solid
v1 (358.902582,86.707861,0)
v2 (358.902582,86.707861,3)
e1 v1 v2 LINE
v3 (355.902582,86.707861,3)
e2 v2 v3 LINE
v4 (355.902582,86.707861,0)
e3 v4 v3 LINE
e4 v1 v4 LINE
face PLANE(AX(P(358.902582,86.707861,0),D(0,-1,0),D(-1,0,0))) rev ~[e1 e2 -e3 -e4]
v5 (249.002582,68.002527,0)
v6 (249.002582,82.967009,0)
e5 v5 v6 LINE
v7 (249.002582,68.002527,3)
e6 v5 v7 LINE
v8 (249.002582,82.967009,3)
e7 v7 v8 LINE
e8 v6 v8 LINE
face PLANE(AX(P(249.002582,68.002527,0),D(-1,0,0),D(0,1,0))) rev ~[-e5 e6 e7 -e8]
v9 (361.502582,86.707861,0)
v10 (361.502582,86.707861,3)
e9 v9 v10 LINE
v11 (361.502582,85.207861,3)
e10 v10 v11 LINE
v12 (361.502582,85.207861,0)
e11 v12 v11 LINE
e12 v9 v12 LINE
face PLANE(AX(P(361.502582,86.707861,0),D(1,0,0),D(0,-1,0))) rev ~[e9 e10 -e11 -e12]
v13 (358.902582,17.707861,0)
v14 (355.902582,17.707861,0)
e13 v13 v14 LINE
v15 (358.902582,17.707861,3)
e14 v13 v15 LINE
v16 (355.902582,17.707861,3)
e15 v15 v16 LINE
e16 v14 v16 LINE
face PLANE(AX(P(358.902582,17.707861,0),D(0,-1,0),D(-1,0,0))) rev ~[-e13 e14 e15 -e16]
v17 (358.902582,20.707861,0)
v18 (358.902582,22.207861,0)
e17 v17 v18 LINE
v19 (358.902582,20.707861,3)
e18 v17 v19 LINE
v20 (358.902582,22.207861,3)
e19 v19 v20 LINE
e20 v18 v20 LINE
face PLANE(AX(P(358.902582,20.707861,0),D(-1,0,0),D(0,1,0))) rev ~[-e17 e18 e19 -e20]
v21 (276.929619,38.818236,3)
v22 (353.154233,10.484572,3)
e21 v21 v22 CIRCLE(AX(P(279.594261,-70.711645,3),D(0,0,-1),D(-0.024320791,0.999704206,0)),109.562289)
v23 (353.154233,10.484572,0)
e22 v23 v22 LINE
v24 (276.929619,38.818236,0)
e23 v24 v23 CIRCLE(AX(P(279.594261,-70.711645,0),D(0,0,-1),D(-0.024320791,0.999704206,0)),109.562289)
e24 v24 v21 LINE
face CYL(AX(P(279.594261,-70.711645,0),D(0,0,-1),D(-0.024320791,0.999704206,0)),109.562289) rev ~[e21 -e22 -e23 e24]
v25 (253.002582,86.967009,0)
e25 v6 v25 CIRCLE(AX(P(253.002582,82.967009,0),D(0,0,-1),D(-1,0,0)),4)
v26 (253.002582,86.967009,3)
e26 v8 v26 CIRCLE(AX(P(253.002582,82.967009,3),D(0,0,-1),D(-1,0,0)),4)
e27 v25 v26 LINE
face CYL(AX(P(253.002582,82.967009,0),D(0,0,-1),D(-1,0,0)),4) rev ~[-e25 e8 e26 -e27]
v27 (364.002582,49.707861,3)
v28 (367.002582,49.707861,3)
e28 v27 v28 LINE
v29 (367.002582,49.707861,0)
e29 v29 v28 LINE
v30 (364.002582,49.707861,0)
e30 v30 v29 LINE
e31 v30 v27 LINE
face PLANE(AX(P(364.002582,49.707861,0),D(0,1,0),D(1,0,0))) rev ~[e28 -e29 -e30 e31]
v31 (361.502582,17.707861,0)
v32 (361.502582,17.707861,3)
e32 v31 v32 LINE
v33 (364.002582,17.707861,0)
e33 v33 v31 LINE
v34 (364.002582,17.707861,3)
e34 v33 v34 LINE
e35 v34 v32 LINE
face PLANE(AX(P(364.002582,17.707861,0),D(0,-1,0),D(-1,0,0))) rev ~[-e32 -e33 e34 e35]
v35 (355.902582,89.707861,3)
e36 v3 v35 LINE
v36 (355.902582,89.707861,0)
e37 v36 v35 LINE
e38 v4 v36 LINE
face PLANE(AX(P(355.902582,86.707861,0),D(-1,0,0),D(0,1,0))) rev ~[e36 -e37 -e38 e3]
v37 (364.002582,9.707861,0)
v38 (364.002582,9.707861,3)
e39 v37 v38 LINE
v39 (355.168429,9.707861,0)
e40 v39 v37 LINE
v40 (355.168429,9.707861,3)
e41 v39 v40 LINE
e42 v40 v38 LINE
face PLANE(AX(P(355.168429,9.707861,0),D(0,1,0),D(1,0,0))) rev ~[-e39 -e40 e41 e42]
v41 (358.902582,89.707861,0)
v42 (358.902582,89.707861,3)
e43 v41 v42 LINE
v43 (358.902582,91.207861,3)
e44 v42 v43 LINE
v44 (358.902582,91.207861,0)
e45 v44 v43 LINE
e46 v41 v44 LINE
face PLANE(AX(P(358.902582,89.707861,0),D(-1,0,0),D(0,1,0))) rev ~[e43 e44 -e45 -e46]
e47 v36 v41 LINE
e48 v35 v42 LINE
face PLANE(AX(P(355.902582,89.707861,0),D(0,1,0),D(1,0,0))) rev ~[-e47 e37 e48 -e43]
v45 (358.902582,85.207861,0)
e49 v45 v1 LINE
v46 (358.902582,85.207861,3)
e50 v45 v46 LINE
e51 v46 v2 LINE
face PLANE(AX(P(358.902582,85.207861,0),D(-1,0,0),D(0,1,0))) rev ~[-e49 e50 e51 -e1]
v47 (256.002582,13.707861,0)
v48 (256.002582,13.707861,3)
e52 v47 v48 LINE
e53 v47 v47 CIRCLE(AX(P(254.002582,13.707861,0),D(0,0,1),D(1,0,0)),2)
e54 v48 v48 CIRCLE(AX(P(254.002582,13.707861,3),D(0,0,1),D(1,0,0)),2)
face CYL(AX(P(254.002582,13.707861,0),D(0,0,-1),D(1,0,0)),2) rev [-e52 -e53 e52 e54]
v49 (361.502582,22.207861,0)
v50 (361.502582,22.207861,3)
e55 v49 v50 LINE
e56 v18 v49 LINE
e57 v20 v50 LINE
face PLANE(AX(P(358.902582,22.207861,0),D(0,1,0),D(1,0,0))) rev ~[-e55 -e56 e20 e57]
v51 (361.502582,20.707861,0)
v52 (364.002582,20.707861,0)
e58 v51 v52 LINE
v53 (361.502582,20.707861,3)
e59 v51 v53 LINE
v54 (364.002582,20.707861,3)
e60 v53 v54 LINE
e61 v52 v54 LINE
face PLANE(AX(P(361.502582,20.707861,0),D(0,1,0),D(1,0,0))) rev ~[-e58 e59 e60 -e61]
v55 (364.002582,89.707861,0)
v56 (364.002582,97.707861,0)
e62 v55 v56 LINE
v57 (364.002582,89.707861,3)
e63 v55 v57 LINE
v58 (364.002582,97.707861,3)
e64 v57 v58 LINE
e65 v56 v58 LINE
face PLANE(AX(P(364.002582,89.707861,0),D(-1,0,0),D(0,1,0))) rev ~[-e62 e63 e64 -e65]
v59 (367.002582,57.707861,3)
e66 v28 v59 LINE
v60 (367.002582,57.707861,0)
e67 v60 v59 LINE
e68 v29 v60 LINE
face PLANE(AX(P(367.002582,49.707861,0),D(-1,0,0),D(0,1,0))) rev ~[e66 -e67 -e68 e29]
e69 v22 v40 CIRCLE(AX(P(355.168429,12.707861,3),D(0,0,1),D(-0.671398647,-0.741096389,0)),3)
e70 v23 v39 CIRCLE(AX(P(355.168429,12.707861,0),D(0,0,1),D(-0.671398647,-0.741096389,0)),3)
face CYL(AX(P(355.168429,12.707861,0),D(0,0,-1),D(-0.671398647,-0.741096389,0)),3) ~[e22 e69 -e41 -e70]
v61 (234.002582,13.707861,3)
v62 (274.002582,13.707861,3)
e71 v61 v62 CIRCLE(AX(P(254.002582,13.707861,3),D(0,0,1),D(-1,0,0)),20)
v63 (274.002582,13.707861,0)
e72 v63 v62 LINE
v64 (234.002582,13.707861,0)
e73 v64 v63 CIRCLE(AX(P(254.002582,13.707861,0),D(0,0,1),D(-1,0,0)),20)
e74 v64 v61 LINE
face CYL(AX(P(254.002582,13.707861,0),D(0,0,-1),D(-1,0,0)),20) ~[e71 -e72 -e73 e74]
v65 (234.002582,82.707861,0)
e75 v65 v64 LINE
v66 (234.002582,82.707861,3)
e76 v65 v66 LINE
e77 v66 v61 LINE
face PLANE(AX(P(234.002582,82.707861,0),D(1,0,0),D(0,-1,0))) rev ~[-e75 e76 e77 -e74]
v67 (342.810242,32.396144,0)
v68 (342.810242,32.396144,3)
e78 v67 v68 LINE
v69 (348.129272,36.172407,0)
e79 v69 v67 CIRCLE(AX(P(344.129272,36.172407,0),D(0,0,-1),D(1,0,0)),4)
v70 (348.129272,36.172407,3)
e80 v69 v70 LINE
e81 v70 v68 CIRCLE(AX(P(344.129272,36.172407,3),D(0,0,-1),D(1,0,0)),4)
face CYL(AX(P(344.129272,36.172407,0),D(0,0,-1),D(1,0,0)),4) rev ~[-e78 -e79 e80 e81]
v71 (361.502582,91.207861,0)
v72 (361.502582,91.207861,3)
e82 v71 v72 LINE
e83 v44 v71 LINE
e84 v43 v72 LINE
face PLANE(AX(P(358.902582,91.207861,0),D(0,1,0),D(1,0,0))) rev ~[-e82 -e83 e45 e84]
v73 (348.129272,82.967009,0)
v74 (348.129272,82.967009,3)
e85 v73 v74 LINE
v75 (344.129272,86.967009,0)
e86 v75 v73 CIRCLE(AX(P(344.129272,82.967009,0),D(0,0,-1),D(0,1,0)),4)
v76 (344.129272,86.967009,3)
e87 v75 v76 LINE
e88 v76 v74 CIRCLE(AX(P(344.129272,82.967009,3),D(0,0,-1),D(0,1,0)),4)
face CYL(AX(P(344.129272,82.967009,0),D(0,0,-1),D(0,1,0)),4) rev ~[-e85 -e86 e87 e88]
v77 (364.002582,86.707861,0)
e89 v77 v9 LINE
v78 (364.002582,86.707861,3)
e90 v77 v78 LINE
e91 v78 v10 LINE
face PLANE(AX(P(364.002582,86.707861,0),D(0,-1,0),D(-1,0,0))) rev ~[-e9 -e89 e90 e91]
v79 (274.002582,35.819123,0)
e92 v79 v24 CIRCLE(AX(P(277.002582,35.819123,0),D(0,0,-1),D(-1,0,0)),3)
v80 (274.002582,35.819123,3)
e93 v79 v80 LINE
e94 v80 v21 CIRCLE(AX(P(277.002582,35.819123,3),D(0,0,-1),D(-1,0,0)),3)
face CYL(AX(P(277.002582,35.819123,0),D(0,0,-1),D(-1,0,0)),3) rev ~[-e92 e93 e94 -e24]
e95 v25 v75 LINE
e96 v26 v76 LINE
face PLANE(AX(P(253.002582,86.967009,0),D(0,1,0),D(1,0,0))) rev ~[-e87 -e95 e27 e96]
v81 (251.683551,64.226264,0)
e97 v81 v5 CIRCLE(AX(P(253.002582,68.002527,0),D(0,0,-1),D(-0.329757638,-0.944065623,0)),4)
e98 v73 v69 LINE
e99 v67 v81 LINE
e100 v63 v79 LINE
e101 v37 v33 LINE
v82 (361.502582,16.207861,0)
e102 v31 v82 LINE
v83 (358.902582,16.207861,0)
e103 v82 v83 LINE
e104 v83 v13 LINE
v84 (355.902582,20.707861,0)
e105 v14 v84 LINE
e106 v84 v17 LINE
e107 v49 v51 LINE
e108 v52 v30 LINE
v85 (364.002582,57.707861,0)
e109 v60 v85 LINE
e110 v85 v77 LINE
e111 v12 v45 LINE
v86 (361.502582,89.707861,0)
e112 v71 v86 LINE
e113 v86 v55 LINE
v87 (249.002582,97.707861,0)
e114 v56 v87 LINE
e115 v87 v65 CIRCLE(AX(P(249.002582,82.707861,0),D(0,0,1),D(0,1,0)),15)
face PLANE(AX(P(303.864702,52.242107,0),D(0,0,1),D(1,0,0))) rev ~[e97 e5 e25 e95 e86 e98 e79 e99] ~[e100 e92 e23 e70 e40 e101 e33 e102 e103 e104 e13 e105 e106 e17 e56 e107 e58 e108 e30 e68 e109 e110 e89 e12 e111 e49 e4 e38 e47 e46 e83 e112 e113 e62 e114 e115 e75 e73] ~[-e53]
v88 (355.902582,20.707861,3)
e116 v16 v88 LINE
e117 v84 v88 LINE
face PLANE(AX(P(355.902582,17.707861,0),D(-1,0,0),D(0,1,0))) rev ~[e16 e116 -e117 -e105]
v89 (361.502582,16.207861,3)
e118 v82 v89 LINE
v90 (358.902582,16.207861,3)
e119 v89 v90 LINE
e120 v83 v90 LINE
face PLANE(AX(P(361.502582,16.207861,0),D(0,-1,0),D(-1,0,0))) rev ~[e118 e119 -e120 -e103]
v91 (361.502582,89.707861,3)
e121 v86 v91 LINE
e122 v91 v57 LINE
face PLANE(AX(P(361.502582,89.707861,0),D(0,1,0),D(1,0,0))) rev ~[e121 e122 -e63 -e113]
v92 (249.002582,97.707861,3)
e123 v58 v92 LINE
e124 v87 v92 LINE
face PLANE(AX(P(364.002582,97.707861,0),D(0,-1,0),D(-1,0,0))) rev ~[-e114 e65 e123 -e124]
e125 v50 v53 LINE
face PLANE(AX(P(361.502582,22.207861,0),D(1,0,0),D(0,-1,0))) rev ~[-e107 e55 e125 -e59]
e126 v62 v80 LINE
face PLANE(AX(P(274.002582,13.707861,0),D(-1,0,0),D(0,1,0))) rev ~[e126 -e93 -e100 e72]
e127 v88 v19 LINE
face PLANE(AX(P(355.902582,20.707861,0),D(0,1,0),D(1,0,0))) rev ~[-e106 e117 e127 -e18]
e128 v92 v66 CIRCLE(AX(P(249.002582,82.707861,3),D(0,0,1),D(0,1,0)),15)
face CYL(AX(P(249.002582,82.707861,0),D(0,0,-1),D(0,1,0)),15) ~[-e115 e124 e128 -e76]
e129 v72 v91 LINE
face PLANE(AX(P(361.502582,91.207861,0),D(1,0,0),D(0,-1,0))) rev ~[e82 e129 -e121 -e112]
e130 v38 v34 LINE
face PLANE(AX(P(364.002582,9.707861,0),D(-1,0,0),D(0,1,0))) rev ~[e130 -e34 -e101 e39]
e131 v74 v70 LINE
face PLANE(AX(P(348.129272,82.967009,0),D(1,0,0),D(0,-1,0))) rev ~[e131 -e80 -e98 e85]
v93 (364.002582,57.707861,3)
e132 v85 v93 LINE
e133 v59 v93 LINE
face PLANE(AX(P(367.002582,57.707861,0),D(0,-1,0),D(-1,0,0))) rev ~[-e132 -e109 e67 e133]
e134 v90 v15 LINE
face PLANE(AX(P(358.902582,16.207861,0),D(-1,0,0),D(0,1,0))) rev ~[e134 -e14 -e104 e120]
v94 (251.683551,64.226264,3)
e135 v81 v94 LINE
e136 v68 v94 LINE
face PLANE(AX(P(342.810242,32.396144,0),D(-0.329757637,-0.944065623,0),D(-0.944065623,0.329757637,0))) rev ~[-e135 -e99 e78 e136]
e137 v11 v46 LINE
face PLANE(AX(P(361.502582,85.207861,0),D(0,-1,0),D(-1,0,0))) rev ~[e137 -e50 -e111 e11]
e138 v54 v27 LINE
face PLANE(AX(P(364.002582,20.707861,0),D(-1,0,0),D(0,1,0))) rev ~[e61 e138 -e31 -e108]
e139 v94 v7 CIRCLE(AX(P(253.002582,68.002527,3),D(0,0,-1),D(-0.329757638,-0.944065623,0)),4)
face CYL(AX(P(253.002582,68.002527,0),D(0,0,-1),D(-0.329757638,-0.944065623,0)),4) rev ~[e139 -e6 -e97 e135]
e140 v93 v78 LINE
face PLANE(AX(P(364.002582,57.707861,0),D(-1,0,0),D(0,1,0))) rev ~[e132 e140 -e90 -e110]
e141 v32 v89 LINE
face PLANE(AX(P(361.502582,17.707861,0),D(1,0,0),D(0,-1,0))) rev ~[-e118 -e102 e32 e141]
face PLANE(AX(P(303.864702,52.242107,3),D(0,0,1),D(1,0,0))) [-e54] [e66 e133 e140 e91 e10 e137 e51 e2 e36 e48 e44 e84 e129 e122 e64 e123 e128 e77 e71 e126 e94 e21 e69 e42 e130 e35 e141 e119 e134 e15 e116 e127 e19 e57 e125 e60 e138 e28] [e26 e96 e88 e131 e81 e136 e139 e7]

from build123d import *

# Parameters (mm, degrees)
SKETCH_1_R      = 2
EXTRUDE_1_DEPTH = 3


with BuildPart() as part:
    # 草图1 → 凸台-拉伸1 (new body)
    with BuildSketch(Plane.XY):
        with BuildLine():
            Line((364.002581869, 97.707860978), (354.002581869, 97.707860978))
            Line((354.002581869, 97.707860978), (249.002581869, 97.707860978))
            ThreePointArc((249.002581869, 97.707860978), (238.395980151, 93.314462696), (234.002581869, 82.707860978))
            Line((234.002581869, 82.707860978), (234.002581869, 13.707860978))
            ThreePointArc((234.002581869, 13.707860978), (254.002581869, -6.292139022), (274.002581869, 13.707860978))
            Line((274.002581869, 13.707860978), (274.002581869, 35.819123465))
            ThreePointArc((274.002581869, 35.819123465), (274.855620398, 37.914488932), (276.929619495, 38.818236083))
            ThreePointArc((276.929619495, 38.818236083), (317.768023154, 31.985283132), (353.154233351, 10.484571811))
            ThreePointArc((353.154233351, 10.484571811), (354.089046944, 9.908765811), (355.16842929, 9.707860978))
            Line((355.16842929, 9.707860978), (364.002581869, 9.707860978))
            Line((364.002581869, 9.707860978), (364.002581869, 17.707860978))
            Line((364.002581869, 17.707860978), (361.502581869, 17.707860978))
            Line((361.502581869, 17.707860978), (361.502581869, 16.207860978))
            Line((361.502581869, 16.207860978), (358.902581869, 16.207860978))
            Line((358.902581869, 16.207860978), (358.902581869, 17.707860978))
            Line((358.902581869, 17.707860978), (355.902581869, 17.707860978))
            Line((355.902581869, 17.707860978), (355.902581869, 20.707860978))
            Line((355.902581869, 20.707860978), (358.902581869, 20.707860978))
            Line((358.902581869, 20.707860978), (358.902581869, 22.207860978))
            Line((358.902581869, 22.207860978), (361.502581869, 22.207860978))
            Line((361.502581869, 22.207860978), (361.502581869, 20.707860978))
            Line((361.502581869, 20.707860978), (364.002581869, 20.707860978))
            Line((364.002581869, 20.707860978), (364.002581869, 49.707860978))
            Line((364.002581869, 49.707860978), (367.002581869, 49.707860978))
            Line((367.002581869, 49.707860978), (367.002581869, 57.707860978))
            Line((367.002581869, 57.707860978), (364.002581869, 57.707860978))
            Line((364.002581869, 57.707860978), (364.002581869, 86.707860978))
            Line((364.002581869, 86.707860978), (361.502581869, 86.707860978))
            Line((361.502581869, 86.707860978), (361.502581869, 85.207860978))
            Line((361.502581869, 85.207860978), (358.902581869, 85.207860978))
            Line((358.902581869, 85.207860978), (358.902581869, 86.707860978))
            Line((358.902581869, 86.707860978), (355.902581869, 86.707860978))
            Line((355.902581869, 86.707860978), (355.902581869, 89.707860978))
            Line((355.902581869, 89.707860978), (358.902581869, 89.707860978))
            Line((358.902581869, 89.707860978), (358.902581869, 91.207860978))
            Line((358.902581869, 91.207860978), (361.502581869, 91.207860978))
            Line((361.502581869, 91.207860978), (361.502581869, 89.707860978))
            Line((361.502581869, 89.707860978), (364.002581869, 89.707860978))
            Line((364.002581869, 89.707860978), (364.002581869, 97.707860978))
        make_face()
        with Locations((254.002581869, 13.707860978)):
            Circle(SKETCH_1_R, mode=Mode.SUBTRACT)
        with BuildLine():
            Line((253.002581869, 86.967009497), (344.129272471, 86.967009497))
            ThreePointArc((344.129272471, 86.967009497), (346.957699596, 85.795436622), (348.129272471, 82.967009497))
            Line((348.129272471, 82.967009497), (348.129272471, 36.172406577))
            ThreePointArc((348.129272471, 36.172406577), (346.444858552, 32.910802508), (342.810241921, 32.396144085))
            Line((342.810241921, 32.396144085), (251.683551319, 64.226264226))
            ThreePointArc((251.683551319, 64.226264226), (249.740977801, 65.686940637), (249.002581869, 68.002526718))
            Line((249.002581869, 68.002526718), (249.002581869, 82.967009497))
            ThreePointArc((249.002581869, 82.967009497), (250.174154745, 85.795436622), (253.002581869, 86.967009497))
        make_face(mode=Mode.SUBTRACT)
    extrude(amount=EXTRUDE_1_DEPTH)


solid = part.part
